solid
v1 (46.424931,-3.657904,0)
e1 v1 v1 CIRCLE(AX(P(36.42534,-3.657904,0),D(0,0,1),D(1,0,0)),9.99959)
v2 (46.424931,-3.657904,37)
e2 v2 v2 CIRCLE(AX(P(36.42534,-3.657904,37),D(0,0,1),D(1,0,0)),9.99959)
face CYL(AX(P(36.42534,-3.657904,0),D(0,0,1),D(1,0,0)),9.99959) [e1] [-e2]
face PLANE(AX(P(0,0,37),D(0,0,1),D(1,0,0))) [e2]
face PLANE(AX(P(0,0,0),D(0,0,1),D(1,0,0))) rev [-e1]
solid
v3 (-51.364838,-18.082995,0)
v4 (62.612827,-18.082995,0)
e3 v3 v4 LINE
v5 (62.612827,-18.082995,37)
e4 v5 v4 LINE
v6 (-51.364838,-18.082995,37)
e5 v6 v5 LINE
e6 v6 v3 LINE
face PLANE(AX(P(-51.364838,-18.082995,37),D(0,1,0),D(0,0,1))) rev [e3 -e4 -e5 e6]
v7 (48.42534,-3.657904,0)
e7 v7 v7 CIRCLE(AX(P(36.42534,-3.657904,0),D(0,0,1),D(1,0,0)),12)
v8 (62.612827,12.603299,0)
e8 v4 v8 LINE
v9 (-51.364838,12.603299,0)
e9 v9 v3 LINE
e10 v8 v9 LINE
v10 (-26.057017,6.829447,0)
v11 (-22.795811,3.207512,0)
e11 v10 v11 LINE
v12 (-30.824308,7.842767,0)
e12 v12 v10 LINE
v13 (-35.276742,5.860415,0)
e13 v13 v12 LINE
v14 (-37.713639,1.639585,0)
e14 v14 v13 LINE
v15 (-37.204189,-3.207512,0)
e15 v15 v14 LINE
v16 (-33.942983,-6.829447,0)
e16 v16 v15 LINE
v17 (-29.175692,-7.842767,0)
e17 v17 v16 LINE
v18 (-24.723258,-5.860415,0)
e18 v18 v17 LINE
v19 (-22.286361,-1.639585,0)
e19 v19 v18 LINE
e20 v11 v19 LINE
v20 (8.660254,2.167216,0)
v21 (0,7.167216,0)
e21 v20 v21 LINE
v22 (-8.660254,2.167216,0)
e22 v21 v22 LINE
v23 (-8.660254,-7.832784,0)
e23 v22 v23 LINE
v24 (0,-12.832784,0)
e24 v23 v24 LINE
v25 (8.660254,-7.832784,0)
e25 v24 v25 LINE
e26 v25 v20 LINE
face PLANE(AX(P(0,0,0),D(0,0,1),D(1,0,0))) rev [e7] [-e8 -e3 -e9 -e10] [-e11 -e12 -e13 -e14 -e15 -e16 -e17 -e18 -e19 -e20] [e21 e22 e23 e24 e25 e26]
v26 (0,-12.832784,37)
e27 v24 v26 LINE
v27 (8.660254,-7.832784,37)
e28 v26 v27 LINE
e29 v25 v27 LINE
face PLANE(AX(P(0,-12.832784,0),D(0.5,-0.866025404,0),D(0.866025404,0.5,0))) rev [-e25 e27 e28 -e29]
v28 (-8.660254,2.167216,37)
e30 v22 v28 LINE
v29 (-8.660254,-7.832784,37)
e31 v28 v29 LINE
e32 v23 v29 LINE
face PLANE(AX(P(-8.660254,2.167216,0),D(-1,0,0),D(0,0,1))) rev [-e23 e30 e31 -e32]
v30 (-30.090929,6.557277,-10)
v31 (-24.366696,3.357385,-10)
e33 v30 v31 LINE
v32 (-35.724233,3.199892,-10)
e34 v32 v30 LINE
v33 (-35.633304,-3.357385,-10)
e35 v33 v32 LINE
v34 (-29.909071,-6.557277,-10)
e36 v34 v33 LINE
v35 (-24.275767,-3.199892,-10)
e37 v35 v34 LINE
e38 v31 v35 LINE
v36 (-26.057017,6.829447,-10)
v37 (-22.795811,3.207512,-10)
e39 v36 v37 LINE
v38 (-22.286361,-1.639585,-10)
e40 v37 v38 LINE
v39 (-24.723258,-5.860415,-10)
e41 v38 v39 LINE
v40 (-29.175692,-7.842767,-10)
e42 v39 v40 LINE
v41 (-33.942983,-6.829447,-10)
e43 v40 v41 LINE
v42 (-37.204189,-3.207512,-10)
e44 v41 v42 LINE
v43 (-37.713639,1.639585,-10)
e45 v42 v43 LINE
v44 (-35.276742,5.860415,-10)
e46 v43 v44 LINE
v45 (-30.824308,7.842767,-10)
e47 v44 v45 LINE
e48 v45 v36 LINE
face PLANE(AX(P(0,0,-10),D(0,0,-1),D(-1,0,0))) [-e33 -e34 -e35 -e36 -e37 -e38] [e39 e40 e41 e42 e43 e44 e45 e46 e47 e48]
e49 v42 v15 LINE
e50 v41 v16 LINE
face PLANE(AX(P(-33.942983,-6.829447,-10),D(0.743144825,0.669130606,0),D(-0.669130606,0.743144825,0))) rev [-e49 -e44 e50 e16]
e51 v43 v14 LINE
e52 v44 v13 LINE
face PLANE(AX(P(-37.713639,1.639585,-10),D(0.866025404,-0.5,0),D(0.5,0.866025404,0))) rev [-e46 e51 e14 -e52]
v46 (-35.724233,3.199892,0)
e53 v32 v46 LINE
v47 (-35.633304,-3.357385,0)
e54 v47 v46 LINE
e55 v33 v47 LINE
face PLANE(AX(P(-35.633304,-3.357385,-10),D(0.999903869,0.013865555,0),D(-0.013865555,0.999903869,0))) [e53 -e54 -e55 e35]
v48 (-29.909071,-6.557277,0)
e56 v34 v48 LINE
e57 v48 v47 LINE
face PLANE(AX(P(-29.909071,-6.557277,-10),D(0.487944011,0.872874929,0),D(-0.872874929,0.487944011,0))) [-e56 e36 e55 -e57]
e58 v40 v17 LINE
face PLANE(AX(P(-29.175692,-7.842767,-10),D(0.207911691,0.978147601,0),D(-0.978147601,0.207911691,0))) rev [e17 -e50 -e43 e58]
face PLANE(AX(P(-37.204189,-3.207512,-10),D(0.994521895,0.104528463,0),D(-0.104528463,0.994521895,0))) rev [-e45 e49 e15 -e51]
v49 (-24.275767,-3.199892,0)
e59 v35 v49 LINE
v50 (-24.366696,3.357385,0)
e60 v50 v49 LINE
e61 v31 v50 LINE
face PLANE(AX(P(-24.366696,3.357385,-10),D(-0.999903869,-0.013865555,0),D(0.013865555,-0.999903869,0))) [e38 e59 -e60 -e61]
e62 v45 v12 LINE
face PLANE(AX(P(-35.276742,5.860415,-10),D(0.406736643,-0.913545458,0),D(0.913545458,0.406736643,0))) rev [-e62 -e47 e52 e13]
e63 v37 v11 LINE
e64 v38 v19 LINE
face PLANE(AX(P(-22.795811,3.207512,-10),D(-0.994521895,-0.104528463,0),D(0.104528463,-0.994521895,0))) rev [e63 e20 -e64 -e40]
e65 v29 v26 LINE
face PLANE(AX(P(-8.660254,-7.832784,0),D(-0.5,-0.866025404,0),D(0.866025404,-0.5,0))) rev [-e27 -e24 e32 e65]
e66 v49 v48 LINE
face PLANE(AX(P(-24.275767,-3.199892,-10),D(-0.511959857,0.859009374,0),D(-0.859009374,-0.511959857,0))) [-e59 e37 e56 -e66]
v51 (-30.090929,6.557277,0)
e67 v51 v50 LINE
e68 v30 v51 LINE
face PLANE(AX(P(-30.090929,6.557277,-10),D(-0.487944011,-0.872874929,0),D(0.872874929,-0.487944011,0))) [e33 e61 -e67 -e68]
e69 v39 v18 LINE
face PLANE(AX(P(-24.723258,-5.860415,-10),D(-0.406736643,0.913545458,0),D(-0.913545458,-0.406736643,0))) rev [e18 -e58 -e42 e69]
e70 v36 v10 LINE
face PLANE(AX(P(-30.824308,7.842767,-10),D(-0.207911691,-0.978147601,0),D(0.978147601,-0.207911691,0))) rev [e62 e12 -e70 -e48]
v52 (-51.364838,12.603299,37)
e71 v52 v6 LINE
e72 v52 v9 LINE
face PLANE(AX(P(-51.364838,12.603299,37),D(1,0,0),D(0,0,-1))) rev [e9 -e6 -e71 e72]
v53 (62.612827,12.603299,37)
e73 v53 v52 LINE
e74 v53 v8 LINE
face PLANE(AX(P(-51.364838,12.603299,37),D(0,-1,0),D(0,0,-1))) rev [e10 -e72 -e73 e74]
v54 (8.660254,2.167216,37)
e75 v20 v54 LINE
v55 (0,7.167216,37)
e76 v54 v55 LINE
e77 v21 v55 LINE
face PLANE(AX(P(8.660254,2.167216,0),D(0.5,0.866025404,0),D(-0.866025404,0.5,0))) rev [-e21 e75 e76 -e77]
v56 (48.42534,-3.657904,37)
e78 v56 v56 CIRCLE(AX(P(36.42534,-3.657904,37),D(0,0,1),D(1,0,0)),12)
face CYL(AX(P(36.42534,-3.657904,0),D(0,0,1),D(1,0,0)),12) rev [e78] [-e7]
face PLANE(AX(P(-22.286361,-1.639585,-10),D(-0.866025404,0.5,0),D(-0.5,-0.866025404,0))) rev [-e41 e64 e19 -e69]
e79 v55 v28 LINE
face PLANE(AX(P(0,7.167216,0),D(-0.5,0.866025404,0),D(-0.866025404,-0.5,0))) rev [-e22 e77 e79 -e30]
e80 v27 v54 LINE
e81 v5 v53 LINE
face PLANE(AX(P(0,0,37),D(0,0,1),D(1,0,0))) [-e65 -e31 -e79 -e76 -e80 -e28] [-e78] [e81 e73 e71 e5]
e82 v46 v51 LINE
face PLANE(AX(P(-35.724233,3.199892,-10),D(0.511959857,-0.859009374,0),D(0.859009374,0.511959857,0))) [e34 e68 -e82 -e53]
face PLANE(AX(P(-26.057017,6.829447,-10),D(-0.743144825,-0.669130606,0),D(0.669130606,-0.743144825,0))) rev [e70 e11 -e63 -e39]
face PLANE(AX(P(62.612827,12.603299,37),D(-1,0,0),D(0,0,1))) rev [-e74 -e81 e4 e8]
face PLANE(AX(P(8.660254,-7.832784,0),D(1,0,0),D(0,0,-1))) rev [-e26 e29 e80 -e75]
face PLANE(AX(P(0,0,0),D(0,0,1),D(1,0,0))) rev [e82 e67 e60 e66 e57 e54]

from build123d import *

# Parameters (mm, degrees)
SKETCH1_W           = 113.977664974
SKETCH1_H           = 30.686294416
BOSS_EXTRUDE1_DEPTH = 37
CUT_EXTRUDE1_DEPTH  = 37
SKETCH3_R           = 12
SKETCH3_R_2         = 9.999590175
CUT_EXTRUDE2_DEPTH  = 37
BOSS_EXTRUDE2_DEPTH = 10


with BuildPart() as part:
    # Sketch1 → Boss-Extrude1 (new body)
    with BuildSketch(Plane.XY):
        with Locations((5.623994078, -2.739847716)):
            Rectangle(SKETCH1_W, SKETCH1_H)
    extrude(amount=BOSS_EXTRUDE1_DEPTH)

    # Sketch2 → Cut-Extrude1 (cut)
    with BuildSketch(Plane.XY.offset(37)):
        Polygon((-8.660254038, -7.832783782), (0, -12.832783782), (8.660254038, -7.832783782), (8.660254038, 2.167216218), (0, 7.167216218), (-8.660254038, 2.167216218), align=None)
    extrude(amount=-CUT_EXTRUDE1_DEPTH, mode=Mode.SUBTRACT)

    # Sketch3 → Cut-Extrude2 (cut)
    with BuildSketch(Plane.XY.offset(37)):
        with Locations((36.425340455, -3.657904006)):
            Circle(SKETCH3_R)
        with Locations((36.425340455, -3.657904006)):
            Circle(SKETCH3_R_2, mode=Mode.SUBTRACT)
    extrude(amount=-CUT_EXTRUDE2_DEPTH, mode=Mode.SUBTRACT)


with BuildPart() as cut_extrude2_piece_1:
    # of the separate pieces the step leaves, piece 1, a body of its own (cut_extrude2_pieces)
    add(part.part.solids().sort_by_distance((-51.364838409, 12.603299492, 0))[0])

    # Sketch4 → Boss-Extrude2 (add)
    with BuildSketch(Plane(origin=(0, 0, 0), x_dir=(-1, 0, 0), z_dir=(0, 0, -1))):
        Polygon((22.795810959, 3.207511616), (22.286360611, -1.639584667), (24.723258332, -5.860415333), (29.175692021, -7.842766531), (33.942983341, -6.82944748), (37.204189041, -3.207511616), (37.713639389, 1.639584667), (35.276741668, 5.860415333), (30.824307979, 7.842766531), (26.057016659, 6.82944748), align=None)
        Polygon((24.366696231, 3.357385239), (24.275767209, -3.199891552), (29.909070977, -6.55727679), (35.633303769, -3.357385239), (35.724232791, 3.199891552), (30.090929023, 6.55727679), align=None, mode=Mode.SUBTRACT)
    extrude(amount=BOSS_EXTRUDE2_DEPTH)


with BuildPart() as cut_extrude2_piece_2:
    # of the separate pieces the step leaves, piece 2, a body of its own (cut_extrude2_pieces)
    add(part.part.solids().sort_by_distance((46.42493063, -3.657904006, 0))[0])


solid = Compound([cut_extrude2_piece_1.part, cut_extrude2_piece_2.part])
